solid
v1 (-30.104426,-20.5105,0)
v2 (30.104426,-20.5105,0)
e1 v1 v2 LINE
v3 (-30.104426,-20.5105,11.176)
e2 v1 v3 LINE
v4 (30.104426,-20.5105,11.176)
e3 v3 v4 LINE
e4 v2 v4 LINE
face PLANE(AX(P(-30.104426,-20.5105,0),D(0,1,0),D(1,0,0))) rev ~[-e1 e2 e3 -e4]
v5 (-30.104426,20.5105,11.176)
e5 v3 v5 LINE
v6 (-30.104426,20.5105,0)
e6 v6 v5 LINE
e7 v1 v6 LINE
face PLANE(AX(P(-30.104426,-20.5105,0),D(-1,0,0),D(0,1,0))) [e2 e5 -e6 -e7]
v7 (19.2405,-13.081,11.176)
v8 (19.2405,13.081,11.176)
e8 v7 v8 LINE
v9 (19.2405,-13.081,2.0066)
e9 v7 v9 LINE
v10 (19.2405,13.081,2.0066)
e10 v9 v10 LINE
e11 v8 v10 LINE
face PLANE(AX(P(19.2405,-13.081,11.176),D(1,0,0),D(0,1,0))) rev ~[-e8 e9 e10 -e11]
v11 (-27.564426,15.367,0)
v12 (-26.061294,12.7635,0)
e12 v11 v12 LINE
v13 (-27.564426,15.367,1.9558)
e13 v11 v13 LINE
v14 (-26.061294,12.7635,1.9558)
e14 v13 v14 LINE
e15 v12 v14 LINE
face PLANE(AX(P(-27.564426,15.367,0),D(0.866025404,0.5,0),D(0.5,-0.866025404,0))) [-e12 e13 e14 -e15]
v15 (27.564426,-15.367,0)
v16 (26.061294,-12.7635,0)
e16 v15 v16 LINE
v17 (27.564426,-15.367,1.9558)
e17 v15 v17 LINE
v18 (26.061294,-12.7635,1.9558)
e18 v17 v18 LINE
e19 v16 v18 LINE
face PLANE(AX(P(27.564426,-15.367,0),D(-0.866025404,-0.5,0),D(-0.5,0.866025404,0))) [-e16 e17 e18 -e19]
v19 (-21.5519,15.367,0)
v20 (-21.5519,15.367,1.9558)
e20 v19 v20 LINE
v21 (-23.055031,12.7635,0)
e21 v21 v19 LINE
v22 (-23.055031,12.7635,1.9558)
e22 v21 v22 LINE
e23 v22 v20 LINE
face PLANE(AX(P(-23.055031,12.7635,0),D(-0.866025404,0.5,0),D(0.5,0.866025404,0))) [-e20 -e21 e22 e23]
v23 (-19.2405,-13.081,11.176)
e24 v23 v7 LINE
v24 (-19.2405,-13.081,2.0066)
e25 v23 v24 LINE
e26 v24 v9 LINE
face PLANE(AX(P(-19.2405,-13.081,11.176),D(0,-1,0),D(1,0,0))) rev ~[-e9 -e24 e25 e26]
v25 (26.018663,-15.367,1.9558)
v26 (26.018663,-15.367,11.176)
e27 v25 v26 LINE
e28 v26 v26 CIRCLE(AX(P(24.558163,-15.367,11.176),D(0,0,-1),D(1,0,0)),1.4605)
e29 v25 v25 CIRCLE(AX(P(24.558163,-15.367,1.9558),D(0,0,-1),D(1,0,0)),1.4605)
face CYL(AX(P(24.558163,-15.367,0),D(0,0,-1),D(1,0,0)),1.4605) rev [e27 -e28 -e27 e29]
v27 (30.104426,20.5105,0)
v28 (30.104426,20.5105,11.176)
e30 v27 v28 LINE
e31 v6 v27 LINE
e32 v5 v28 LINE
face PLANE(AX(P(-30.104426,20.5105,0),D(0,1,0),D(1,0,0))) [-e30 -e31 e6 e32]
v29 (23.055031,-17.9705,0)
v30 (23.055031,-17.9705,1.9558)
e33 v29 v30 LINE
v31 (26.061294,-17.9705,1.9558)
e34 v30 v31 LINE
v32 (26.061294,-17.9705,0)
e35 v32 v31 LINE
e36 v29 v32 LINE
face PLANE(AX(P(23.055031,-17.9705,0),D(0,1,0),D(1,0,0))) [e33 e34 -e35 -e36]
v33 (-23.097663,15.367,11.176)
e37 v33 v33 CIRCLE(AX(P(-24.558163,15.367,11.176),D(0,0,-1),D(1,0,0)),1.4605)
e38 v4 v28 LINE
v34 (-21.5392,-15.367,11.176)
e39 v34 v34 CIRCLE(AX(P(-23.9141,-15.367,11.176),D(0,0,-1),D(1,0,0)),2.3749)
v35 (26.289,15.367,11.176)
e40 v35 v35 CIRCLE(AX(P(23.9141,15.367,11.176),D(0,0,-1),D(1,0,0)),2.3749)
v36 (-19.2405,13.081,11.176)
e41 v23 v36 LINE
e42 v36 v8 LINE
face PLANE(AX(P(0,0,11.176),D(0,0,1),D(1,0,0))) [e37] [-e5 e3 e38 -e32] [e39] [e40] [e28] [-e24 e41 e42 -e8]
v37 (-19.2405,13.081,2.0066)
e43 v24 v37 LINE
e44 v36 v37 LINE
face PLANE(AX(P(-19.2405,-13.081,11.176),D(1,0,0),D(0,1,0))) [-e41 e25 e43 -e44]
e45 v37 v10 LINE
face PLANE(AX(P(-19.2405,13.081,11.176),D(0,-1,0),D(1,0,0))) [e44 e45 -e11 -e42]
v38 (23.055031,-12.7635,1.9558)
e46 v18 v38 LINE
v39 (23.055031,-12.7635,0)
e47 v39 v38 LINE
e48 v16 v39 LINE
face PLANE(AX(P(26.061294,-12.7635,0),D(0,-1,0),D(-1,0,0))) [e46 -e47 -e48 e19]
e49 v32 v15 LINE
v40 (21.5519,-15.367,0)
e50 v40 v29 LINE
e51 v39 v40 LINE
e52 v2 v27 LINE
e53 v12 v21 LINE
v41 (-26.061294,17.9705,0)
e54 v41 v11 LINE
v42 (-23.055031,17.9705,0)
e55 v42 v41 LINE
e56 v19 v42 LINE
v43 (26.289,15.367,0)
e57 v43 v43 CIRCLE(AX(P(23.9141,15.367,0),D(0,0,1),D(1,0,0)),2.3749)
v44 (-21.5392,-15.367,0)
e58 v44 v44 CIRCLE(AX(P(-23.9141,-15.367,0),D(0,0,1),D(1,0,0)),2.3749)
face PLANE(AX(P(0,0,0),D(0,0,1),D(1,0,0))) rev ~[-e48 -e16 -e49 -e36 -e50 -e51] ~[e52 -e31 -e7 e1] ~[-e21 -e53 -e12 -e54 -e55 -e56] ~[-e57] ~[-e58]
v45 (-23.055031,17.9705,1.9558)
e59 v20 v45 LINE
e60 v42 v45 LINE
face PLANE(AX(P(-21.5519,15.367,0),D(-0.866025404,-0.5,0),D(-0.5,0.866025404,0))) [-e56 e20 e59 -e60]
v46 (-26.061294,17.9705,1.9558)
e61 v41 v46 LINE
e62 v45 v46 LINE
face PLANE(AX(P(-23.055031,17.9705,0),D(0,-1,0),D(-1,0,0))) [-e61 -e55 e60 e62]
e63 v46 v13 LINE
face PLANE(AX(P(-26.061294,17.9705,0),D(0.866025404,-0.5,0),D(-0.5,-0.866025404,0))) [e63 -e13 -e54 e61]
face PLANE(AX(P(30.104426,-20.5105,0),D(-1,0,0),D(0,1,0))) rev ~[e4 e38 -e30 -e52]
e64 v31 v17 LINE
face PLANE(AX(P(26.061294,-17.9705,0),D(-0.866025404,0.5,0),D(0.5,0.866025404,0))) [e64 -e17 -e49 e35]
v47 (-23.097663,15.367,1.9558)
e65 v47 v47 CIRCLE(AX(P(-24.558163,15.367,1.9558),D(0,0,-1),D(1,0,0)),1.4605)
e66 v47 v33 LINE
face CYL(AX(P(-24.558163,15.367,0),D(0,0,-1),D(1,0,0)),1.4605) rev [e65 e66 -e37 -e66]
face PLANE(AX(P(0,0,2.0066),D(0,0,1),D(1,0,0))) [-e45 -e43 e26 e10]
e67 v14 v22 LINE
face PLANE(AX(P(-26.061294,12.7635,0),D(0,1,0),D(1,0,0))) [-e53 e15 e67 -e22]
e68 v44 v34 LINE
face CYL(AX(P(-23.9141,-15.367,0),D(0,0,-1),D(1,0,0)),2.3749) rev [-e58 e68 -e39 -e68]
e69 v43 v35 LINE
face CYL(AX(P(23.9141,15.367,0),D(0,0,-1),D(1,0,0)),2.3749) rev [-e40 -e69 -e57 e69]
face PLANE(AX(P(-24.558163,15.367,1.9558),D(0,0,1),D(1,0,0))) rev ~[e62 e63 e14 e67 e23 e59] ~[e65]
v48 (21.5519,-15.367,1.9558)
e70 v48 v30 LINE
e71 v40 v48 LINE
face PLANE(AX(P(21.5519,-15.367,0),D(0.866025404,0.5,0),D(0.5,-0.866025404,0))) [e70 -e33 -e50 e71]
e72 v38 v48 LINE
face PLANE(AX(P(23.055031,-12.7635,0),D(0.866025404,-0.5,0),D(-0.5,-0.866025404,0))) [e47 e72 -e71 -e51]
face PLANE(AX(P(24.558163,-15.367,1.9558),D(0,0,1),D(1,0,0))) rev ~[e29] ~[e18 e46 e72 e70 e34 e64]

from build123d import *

# Parameters (mm, degrees)
F8_W      = 60.2088514067
F8_H      = 41.021
F9_DEPTH  = 11.176
F6_R      = 2.3749
F7_R      = 2.3749
F10_DEPTH = 12.192
F11_W     = 38.481
F11_H     = 26.162
F12_DEPTH = 9.1694
F13_DEPTH = 1.9558
F3_R      = 1.4605
F5_R      = 1.4605
F14_DEPTH = 12.192
F15_DEPTH = 1.9558


with BuildPart() as f9:
    # F8 (on Top) → F9 (new body)
    with BuildSketch(Plane.XY):
        Rectangle(F8_W, F8_H)
    extrude(amount=F9_DEPTH)

    # F6 (on face) + F7 (on face) → F10 (cut)
    with BuildSketch(Plane.XY):
        with Locations((-23.9141, -15.367)):
            Circle(F6_R)
    with BuildSketch(Plane.XY):
        with Locations((23.9141, 15.367)):
            Circle(F7_R)
    extrude(amount=F10_DEPTH, mode=Mode.SUBTRACT)

    # F11 (on face) → F12 (cut)
    with BuildSketch(Plane.XY.offset(11.176)):
        Rectangle(F11_W, F11_H)
    extrude(amount=-F12_DEPTH, mode=Mode.SUBTRACT)

    # F2 (on Top) → F13 (cut)
    with BuildSketch(Plane.XY):
        Polygon((-26.0612942775, 12.7635), (-23.0550314258, 12.7635), (-21.5519, 15.367), (-23.0550314258, 17.9705), (-26.0612942775, 17.9705), (-27.5644257033, 15.367), align=None)
    extrude(amount=F13_DEPTH, mode=Mode.SUBTRACT)

    # F3 (on face) + F5 (on face) → F14 (cut)
    with BuildSketch(Plane.XY):
        with Locations((-24.5581628517, 15.367)):
            Circle(F3_R)
    with BuildSketch(Plane.XY):
        with Locations((24.5581628517, -15.367)):
            Circle(F5_R)
    extrude(amount=F14_DEPTH, mode=Mode.SUBTRACT)

    # F4 (on face) → F15 (cut)
    with BuildSketch(Plane.XY):
        Polygon((23.0550314258, -17.9705), (26.0612942775, -17.9705), (27.5644257033, -15.367), (26.0612942775, -12.7635), (23.0550314258, -12.7635), (21.5519, -15.367), align=None)
    extrude(amount=F15_DEPTH, mode=Mode.SUBTRACT)


solid = f9.part
